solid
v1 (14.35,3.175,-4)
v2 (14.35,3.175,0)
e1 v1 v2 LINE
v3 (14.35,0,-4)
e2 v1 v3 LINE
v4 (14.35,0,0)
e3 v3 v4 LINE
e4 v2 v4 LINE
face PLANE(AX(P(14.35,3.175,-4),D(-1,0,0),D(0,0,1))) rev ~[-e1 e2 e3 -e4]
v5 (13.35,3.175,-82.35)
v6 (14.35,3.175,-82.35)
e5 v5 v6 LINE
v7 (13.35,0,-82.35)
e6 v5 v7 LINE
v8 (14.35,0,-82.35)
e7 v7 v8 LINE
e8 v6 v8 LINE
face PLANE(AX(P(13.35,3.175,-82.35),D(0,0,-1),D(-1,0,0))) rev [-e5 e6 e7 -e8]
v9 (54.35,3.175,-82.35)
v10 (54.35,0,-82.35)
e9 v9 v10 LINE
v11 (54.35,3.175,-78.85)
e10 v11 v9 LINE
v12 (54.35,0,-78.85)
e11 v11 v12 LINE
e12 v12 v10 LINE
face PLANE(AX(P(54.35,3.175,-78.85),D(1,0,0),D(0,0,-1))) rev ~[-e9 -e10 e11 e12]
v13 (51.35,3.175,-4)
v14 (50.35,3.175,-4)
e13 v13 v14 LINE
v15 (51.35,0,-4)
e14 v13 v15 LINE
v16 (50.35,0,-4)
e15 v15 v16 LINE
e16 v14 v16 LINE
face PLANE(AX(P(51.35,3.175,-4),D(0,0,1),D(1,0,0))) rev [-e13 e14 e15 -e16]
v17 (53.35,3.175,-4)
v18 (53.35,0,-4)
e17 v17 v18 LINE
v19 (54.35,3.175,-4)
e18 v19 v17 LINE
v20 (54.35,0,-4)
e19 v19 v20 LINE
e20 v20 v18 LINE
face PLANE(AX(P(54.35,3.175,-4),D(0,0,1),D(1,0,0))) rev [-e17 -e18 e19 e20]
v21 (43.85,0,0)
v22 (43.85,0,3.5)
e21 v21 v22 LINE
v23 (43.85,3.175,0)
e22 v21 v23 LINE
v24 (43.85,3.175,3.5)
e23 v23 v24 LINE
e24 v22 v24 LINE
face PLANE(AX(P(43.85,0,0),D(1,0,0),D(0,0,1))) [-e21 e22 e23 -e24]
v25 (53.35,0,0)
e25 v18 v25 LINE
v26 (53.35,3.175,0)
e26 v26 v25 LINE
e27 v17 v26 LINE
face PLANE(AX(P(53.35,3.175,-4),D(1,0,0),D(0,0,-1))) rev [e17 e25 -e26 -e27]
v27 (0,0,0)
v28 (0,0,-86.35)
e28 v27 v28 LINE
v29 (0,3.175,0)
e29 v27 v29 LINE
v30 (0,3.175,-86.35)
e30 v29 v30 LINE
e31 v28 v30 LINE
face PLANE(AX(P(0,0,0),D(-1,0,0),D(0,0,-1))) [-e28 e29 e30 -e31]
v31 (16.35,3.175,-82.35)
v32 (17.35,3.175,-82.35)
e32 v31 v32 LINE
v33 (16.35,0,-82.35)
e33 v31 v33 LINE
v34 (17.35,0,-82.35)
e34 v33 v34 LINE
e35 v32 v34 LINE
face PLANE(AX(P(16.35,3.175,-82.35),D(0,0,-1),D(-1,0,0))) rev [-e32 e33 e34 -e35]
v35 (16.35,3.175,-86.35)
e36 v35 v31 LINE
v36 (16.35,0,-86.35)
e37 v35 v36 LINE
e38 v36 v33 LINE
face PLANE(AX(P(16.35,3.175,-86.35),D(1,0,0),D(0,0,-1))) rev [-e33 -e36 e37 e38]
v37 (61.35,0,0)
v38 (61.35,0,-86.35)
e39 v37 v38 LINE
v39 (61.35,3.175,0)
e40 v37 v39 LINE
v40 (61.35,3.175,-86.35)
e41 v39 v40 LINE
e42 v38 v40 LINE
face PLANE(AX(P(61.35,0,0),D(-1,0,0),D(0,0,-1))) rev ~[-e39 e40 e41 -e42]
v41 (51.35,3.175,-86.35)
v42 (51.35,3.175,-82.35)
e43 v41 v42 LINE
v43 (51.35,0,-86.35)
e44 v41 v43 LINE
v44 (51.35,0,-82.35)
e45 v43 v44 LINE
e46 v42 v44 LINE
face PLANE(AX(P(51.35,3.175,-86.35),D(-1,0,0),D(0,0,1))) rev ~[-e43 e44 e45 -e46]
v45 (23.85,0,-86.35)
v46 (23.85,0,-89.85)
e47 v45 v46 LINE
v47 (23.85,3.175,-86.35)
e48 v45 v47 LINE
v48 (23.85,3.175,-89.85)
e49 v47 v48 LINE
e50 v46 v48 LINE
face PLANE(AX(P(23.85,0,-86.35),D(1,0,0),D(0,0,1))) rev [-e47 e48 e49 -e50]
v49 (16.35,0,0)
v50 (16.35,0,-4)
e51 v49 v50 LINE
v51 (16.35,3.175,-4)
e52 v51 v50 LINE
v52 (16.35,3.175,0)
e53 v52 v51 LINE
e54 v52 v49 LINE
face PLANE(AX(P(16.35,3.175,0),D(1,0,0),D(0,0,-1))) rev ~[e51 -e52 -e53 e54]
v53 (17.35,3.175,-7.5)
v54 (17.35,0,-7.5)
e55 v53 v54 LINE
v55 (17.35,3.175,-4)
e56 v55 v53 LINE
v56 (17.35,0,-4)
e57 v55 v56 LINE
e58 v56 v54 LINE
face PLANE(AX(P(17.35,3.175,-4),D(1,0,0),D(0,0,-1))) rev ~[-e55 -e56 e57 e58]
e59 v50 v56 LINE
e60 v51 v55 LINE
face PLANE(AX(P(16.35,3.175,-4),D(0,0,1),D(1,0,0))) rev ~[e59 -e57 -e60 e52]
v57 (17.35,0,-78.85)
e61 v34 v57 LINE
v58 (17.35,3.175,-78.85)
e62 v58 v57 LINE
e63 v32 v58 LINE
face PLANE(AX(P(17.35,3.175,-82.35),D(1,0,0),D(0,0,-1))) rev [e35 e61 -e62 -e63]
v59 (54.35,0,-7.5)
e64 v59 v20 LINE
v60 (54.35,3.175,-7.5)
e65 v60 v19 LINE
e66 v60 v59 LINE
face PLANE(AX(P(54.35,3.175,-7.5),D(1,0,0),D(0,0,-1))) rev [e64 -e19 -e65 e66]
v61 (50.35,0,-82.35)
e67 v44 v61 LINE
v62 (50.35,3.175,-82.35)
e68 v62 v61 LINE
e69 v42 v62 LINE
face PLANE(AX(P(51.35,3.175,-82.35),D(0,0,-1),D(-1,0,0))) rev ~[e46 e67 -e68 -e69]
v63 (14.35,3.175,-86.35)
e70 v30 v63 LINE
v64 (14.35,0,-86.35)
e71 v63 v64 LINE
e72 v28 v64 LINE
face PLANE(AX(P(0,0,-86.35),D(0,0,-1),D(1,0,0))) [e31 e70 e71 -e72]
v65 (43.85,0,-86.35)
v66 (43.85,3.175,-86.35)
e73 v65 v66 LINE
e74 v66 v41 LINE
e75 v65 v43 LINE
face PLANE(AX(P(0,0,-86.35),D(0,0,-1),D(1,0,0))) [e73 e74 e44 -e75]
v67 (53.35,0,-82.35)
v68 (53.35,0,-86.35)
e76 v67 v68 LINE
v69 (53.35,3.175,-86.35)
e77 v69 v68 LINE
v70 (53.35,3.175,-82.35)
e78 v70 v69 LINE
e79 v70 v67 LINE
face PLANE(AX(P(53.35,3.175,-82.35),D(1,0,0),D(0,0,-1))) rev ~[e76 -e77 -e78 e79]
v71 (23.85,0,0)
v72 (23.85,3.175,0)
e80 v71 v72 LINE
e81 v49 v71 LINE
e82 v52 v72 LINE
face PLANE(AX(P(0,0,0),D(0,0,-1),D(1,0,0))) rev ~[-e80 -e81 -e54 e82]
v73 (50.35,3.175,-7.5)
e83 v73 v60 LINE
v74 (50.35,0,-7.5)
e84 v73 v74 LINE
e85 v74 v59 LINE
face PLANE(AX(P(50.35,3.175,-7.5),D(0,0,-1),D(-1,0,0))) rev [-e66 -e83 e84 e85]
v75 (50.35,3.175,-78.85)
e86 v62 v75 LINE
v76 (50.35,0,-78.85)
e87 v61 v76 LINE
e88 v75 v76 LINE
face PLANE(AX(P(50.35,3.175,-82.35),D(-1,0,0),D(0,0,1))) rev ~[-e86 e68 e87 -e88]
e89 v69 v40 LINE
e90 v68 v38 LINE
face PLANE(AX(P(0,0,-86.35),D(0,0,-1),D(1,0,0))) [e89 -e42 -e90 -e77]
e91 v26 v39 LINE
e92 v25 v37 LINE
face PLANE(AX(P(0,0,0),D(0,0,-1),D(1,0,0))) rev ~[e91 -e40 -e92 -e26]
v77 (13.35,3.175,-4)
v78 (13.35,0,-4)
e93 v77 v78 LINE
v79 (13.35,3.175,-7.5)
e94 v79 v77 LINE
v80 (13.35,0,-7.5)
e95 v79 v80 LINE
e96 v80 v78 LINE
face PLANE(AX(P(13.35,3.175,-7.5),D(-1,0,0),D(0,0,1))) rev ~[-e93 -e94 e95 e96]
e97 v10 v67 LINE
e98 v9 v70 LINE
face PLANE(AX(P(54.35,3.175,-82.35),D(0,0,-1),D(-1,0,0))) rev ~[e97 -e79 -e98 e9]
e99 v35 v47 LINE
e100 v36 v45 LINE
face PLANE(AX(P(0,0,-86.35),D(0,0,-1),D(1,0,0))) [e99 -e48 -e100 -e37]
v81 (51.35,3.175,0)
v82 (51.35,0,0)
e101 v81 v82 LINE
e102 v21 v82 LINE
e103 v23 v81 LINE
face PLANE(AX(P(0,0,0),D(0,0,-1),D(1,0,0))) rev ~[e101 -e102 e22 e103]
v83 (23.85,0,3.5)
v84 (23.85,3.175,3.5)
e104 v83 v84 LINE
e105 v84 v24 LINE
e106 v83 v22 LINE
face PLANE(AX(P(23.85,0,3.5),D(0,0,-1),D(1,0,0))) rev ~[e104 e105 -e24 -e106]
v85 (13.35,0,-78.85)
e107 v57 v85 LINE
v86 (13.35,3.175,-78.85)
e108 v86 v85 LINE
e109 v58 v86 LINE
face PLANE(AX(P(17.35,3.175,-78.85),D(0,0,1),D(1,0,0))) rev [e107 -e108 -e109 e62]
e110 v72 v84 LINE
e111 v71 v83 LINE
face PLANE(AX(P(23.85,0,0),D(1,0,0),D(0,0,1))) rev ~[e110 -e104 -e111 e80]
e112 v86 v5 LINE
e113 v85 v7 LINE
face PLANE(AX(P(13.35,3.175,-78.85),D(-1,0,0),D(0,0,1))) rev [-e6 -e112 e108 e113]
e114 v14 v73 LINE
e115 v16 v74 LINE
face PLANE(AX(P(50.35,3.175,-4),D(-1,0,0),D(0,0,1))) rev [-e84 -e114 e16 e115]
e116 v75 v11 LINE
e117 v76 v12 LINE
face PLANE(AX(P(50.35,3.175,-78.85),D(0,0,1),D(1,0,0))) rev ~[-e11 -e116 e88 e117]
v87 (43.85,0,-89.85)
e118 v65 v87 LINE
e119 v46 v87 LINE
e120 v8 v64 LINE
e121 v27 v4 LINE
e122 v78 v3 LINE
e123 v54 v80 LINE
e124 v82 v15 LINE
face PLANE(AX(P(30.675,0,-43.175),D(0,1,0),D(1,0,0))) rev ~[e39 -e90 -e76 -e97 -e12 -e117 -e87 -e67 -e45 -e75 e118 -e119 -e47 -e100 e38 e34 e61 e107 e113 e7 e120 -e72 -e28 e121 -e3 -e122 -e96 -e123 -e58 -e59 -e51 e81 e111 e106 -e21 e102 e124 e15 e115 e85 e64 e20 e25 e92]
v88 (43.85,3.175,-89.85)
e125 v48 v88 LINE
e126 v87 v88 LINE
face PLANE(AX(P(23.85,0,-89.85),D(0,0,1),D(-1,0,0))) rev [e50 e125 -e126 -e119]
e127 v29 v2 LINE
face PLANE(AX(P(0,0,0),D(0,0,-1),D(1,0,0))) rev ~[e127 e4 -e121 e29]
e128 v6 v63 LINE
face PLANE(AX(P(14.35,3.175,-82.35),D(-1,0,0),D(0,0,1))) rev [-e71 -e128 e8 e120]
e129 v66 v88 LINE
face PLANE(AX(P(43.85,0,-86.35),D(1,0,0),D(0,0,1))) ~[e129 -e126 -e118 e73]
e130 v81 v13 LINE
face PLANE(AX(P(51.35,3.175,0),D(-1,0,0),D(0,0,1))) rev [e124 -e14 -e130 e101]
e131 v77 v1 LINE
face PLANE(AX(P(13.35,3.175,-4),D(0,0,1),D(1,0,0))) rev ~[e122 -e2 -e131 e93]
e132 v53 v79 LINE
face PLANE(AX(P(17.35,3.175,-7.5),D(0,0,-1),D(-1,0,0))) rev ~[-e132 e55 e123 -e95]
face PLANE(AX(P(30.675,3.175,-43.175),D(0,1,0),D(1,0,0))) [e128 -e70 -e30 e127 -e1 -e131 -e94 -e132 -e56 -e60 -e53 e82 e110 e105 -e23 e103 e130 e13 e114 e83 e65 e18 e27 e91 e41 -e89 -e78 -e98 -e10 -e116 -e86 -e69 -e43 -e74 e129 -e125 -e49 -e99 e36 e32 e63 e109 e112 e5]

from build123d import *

# Parameters (mm, degrees)
SKETCH1_W            = 61.35
SKETCH1_H            = 86.35
BOSS_EXTRUDE1_DEPTH  = 3.175
SKETCH2_W            = 20
SKETCH2_H            = 3.5
BOSS_EXTRUDE2_DEPTH  = 3.175
CUT_EXTRUDE1_DEPTH   = 3.175
MIRROR2_COPY_1_DEPTH = 3.175


with BuildPart() as part:
    # Sketch1 → Boss-Extrude1 (new body)
    with BuildSketch(Plane(origin=(0, 0, 0), x_dir=(1, 0, 0), z_dir=(0, 1, 0))):
        with Locations((30.675, 43.175)):
            Rectangle(SKETCH1_W, SKETCH1_H)
    extrude(amount=BOSS_EXTRUDE1_DEPTH)

    # Sketch2 → Boss-Extrude2 (add)
    with BuildSketch(Plane.XZ):
        with Locations((33.85, 1.75)):
            Rectangle(SKETCH2_W, SKETCH2_H)
    boss_extrude2 = extrude(amount=-BOSS_EXTRUDE2_DEPTH)

    # Sketch3 → Cut-Extrude1 (cut)
    with BuildSketch(Plane(origin=(0, 3.175, 0), x_dir=(1, 0, 0), z_dir=(0, 1, 0))):
        Polygon((16.35, 0), (16.35, 4), (17.35, 4), (17.35, 7.5), (13.35, 7.5), (13.35, 4), (14.35, 4), (14.35, 0), align=None)
    cut_extrude1 = extrude(amount=-CUT_EXTRUDE1_DEPTH, mode=Mode.SUBTRACT)

    # Mirror1: Cut-Extrude1 across plane
    add(cut_extrude1.mirror(Plane(origin=(33.85, 0, 0), x_dir=(0, 0, 1), z_dir=(1, 0, 0))), mode=Mode.SUBTRACT)

    # Mirror2: Boss-Extrude2, Cut-Extrude1 across plane
    add(boss_extrude2.mirror(Plane.XY.offset(-43.175)))
    add(cut_extrude1.mirror(Plane.XY.offset(-43.175)), mode=Mode.SUBTRACT)

    # Mirror2 copy 1 sketch → Mirror2 copy 1 (cut)
    with BuildSketch(Plane(origin=(67.7, 3.175, -86.35), x_dir=(-1, 0, 0), z_dir=(0, 1, 0))):
        Polygon((16.35, 0), (16.35, 4), (17.35, 4), (17.35, 7.5), (13.35, 7.5), (13.35, 4), (14.35, 4), (14.35, 0), align=None)
    extrude(amount=-MIRROR2_COPY_1_DEPTH, mode=Mode.SUBTRACT)


solid = part.part
